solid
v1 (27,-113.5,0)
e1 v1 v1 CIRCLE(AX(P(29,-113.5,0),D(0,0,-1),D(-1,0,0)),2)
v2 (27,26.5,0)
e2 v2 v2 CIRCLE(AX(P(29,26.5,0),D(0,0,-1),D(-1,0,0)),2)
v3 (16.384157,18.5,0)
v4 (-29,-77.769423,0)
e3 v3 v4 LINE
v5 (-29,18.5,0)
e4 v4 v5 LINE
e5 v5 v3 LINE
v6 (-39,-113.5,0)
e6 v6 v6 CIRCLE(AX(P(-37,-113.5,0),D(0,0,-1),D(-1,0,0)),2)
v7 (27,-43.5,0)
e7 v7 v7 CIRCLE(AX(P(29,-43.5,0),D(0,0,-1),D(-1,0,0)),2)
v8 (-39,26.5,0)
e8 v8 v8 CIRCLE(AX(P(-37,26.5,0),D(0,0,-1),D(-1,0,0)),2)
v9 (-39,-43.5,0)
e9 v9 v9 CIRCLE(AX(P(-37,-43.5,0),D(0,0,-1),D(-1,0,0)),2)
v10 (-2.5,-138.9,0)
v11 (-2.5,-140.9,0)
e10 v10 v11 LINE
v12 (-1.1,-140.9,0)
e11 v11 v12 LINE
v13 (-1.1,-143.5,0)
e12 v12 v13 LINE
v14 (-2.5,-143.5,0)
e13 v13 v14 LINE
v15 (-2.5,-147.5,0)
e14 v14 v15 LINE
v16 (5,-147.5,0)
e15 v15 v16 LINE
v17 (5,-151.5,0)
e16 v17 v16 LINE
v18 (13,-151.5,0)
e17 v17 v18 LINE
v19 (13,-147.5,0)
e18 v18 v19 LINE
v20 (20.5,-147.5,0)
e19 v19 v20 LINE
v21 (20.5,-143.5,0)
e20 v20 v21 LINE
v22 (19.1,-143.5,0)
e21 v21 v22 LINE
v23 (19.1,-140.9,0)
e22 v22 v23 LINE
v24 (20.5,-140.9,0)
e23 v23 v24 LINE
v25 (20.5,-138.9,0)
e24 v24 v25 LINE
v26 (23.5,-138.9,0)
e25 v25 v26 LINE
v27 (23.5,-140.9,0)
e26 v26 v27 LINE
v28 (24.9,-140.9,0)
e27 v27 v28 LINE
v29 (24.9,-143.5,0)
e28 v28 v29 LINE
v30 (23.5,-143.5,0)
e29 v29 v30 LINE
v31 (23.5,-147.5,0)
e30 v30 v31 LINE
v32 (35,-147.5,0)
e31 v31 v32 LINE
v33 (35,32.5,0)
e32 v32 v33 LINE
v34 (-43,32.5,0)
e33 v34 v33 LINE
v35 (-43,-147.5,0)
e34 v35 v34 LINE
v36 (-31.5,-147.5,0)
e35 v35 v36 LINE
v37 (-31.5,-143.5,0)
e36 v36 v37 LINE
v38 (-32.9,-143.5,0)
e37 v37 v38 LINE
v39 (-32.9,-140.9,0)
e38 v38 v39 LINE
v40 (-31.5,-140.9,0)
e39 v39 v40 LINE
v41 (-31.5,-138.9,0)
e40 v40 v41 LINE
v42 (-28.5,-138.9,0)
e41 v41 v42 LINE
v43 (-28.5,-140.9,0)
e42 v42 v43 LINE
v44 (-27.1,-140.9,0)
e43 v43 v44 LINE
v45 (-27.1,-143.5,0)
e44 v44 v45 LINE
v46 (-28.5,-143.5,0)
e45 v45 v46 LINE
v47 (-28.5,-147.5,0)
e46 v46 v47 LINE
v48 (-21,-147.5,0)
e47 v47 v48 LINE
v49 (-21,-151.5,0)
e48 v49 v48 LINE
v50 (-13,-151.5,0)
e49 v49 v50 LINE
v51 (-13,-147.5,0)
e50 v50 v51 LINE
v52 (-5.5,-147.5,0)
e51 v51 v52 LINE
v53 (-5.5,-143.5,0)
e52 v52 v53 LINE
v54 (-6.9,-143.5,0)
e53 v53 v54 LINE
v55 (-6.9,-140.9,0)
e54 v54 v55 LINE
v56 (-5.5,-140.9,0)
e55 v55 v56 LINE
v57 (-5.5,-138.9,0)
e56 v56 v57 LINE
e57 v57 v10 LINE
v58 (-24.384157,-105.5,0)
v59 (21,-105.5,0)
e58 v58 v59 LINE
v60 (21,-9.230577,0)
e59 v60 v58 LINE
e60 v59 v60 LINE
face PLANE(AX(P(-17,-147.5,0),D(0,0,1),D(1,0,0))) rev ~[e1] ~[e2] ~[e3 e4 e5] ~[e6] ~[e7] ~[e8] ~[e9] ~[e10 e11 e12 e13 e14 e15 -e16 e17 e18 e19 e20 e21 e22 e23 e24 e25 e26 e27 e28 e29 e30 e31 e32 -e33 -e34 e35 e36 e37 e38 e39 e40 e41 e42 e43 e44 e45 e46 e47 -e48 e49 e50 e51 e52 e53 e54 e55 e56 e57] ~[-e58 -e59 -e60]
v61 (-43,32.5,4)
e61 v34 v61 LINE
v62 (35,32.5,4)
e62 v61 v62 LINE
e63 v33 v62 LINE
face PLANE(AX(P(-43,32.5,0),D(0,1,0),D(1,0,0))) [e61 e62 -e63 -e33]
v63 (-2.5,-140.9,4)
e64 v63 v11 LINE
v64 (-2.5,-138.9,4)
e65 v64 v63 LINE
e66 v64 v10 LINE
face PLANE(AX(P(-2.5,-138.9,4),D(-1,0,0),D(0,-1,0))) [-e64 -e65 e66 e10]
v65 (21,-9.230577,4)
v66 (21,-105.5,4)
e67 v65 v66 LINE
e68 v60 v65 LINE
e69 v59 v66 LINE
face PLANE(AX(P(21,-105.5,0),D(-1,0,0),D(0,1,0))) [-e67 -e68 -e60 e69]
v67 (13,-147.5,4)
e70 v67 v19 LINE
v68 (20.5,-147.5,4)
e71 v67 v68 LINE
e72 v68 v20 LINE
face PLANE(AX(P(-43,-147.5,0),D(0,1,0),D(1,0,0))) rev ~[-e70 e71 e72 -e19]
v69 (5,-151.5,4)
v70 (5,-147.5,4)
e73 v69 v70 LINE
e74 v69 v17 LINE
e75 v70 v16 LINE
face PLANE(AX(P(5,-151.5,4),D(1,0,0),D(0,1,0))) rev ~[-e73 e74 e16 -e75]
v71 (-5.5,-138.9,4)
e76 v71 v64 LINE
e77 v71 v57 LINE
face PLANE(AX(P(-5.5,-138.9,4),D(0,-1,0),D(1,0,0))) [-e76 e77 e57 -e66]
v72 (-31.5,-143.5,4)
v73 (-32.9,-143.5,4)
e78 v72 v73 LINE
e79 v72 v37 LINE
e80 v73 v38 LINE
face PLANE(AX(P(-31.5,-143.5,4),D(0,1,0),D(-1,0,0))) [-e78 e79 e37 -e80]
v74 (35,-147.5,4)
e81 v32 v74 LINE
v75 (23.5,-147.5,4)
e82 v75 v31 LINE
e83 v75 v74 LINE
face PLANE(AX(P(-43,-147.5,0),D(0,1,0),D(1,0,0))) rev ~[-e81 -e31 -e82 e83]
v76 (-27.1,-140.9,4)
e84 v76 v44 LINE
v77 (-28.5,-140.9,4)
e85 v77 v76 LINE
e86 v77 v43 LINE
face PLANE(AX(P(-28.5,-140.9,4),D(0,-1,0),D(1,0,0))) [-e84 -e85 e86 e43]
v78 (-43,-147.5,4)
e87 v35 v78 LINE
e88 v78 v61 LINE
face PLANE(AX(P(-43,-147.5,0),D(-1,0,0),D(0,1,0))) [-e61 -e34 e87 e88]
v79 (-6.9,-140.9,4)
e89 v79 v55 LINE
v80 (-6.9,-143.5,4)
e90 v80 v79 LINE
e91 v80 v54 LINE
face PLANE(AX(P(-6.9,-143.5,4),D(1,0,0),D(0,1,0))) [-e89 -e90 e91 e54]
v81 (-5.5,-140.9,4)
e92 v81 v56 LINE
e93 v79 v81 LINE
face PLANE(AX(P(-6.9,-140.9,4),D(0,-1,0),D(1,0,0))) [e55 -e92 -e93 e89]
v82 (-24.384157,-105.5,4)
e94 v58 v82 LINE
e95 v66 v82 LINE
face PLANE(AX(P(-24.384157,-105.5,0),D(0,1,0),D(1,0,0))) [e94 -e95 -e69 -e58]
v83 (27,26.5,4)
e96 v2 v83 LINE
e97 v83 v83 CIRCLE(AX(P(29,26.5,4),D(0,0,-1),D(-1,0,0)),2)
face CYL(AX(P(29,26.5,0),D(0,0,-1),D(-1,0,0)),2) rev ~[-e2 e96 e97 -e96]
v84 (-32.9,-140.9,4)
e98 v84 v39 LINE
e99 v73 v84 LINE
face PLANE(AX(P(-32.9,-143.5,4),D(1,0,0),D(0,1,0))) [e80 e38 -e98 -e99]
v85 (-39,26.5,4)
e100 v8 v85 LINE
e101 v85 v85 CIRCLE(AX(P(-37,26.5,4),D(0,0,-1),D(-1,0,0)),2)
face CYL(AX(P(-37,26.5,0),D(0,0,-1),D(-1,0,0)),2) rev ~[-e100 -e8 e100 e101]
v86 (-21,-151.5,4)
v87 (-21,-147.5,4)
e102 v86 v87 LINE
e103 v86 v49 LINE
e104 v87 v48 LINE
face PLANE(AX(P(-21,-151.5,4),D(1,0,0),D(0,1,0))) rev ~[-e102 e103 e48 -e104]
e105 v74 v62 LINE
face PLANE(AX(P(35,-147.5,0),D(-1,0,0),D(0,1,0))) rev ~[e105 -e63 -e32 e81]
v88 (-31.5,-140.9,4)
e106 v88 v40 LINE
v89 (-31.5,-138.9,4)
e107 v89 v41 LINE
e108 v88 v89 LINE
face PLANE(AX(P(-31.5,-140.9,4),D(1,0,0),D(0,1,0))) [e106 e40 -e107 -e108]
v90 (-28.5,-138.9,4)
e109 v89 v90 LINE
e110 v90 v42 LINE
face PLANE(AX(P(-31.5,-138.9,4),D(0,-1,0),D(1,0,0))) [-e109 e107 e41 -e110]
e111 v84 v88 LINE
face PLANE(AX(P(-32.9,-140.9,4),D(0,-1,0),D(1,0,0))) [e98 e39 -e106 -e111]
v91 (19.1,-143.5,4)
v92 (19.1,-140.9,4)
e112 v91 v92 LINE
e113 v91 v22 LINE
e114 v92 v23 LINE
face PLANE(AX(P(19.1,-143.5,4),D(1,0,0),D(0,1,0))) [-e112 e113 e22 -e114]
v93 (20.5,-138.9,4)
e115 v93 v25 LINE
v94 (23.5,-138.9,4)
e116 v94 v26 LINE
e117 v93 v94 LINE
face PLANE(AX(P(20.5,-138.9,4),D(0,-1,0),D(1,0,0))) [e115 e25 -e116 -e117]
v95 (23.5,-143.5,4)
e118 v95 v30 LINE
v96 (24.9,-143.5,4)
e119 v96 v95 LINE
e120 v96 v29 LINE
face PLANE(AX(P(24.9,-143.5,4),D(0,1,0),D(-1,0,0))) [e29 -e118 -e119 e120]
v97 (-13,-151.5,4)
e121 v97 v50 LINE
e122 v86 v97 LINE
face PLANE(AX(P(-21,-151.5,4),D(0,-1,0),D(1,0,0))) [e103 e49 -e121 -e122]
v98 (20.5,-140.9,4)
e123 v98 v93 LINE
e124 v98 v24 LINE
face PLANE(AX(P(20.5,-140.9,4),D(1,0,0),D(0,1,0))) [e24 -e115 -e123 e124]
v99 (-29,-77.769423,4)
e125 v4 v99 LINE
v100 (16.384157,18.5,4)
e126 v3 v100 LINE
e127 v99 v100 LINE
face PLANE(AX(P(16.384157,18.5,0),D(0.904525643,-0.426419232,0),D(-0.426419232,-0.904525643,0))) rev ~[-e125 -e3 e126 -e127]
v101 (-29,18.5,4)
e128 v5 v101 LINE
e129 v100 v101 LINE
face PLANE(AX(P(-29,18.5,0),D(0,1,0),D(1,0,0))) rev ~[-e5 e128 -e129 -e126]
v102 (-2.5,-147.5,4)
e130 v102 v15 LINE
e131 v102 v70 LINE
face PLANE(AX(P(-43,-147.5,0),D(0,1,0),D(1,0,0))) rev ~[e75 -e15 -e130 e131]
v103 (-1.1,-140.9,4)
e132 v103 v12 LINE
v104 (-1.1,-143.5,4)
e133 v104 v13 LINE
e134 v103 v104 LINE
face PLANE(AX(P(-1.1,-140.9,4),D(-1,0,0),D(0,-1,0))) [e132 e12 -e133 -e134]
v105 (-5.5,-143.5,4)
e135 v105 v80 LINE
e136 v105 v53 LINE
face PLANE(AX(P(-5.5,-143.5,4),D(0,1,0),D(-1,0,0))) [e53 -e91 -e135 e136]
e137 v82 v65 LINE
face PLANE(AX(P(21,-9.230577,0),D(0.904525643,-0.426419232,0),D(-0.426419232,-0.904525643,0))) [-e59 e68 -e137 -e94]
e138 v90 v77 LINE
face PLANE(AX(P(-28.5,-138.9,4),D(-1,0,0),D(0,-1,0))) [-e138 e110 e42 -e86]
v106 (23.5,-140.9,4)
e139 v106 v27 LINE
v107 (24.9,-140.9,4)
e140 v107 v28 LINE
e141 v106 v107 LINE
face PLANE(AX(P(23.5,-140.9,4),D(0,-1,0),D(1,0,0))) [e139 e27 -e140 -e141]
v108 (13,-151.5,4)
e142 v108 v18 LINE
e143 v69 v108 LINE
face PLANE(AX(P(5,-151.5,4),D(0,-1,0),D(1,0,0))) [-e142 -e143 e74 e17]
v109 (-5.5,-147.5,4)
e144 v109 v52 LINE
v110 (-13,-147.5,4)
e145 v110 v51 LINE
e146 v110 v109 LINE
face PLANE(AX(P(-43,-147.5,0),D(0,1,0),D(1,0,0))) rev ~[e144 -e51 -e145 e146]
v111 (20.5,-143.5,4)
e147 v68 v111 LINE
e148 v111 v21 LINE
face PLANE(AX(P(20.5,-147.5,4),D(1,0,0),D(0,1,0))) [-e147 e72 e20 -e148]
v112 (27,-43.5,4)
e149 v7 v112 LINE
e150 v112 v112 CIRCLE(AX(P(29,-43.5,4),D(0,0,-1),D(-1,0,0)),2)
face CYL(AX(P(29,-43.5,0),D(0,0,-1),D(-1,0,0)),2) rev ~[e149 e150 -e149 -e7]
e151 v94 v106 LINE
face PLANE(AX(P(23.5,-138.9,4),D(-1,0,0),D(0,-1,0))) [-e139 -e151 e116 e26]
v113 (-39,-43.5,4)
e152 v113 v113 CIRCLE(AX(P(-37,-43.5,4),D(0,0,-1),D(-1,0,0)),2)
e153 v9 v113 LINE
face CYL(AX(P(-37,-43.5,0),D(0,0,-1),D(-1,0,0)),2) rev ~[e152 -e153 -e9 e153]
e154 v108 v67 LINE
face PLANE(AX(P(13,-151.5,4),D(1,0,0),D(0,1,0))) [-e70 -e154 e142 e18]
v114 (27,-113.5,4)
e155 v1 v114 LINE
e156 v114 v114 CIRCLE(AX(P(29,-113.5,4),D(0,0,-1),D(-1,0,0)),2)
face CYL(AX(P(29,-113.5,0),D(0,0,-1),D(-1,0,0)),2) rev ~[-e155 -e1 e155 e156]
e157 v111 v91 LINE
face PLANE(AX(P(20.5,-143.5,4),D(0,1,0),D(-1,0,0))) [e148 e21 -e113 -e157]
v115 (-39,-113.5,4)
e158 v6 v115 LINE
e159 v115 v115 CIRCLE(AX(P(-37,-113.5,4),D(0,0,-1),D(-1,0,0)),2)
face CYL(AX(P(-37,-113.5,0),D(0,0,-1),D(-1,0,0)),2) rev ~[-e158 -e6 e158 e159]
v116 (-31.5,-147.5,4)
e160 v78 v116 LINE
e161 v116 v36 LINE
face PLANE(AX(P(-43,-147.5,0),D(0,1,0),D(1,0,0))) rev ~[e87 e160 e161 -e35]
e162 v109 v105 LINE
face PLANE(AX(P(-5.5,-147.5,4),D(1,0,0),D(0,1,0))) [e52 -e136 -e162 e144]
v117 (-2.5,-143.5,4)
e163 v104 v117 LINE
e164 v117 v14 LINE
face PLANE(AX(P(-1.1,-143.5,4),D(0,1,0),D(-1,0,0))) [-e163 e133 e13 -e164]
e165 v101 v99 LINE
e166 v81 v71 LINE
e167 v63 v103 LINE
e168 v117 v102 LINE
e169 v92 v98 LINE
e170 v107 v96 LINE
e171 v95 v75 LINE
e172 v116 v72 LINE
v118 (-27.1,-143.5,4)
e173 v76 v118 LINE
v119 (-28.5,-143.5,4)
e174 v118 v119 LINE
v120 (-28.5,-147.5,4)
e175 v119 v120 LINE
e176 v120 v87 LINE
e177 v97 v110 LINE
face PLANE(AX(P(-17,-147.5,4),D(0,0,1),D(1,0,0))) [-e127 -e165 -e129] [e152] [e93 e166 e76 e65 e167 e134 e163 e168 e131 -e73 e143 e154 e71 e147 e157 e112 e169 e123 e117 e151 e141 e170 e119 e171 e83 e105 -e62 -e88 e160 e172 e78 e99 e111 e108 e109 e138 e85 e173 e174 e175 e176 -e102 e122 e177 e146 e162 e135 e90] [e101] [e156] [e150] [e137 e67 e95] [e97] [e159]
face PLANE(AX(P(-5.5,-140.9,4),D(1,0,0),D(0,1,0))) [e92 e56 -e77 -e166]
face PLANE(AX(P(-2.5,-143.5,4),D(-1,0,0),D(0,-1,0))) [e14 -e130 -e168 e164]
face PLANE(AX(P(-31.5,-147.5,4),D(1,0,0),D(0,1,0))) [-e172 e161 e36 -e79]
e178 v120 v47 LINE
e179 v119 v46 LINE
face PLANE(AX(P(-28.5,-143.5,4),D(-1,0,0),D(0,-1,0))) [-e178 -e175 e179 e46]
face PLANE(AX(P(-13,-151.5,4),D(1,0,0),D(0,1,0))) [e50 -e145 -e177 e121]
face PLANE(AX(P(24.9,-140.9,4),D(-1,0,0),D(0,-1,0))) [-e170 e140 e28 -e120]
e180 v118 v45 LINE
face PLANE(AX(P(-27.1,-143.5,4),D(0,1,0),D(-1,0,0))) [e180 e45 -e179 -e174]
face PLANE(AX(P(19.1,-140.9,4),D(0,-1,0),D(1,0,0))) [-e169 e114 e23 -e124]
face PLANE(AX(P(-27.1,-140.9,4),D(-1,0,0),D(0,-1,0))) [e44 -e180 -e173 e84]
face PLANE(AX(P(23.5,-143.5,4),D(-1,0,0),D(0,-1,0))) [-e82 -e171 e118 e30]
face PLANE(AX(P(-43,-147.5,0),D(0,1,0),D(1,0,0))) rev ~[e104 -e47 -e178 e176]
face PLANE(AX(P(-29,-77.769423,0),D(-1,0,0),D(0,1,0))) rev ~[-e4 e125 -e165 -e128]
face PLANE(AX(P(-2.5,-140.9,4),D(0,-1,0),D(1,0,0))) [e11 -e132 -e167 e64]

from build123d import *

# Parameters (mm, degrees)
SKETCH_1_W          = 78
SKETCH_1_H          = 180
EXTRUDE_1_DEPTH     = 4
CUT_EXTRUDE_1_DEPTH = 4
SKETCH_6_W          = 8
SKETCH_6_H          = 8
EXTRUDE_2_DEPTH     = 4
SKETCH_7_R          = 2
CUT_EXTRUDE_2_DEPTH = 10


with BuildPart() as part:
    # 草图1 → 凸台-拉伸1 (new body)
    with BuildSketch(Plane.XY):
        with Locations((-4, -57.5)):
            Rectangle(SKETCH_1_W, SKETCH_1_H)
    extrude(amount=EXTRUDE_1_DEPTH)

    # 草图2 → 切除-拉伸1 (cut)
    with BuildSketch(Plane.XY.offset(4)):
        Polygon((-31.5, -147.5), (-31.5, -143.5), (-32.9, -143.5), (-32.9, -140.9), (-31.5, -140.9), (-31.5, -138.9), (-28.5, -138.9), (-28.5, -140.9), (-27.1, -140.9), (-27.1, -143.5), (-28.5, -143.5), (-28.5, -147.5), align=None)
        Polygon((23.5, -147.5), (20.5, -147.5), (20.5, -143.5), (19.1, -143.5), (19.1, -140.9), (20.5, -140.9), (20.5, -138.9), (23.5, -138.9), (23.5, -140.9), (24.9, -140.9), (24.9, -143.5), (23.5, -143.5), align=None)
        Polygon((-5.5, -147.5), (-5.5, -143.5), (-6.9, -143.5), (-6.9, -140.9), (-5.5, -140.9), (-5.5, -138.9), (-2.5, -138.9), (-2.5, -140.9), (-1.1, -140.9), (-1.1, -143.5), (-2.5, -143.5), (-2.5, -147.5), align=None)
    extrude(amount=-CUT_EXTRUDE_1_DEPTH, mode=Mode.SUBTRACT)

    # 草图6 → 凸台-拉伸2 (add)
    with BuildSketch(Plane.XY.offset(4)):
        with Locations((-17, -147.5)):
            Rectangle(SKETCH_6_W, SKETCH_6_H)
        with Locations((9, -147.5)):
            Rectangle(SKETCH_6_W, SKETCH_6_H)
    extrude(amount=-EXTRUDE_2_DEPTH)

    # 草图7 → 切除-拉伸2 (cut)
    with BuildSketch(Plane(origin=(0, 0, 0), x_dir=(-1, 0, 0), z_dir=(0, 0, -1))):
        with Locations((-29, 26.5)):
            Circle(SKETCH_7_R)
        with Locations((-29, -43.5)):
            Circle(SKETCH_7_R)
        with Locations((-29, -113.5)):
            Circle(SKETCH_7_R)
        with Locations((37, -43.5)):
            Circle(SKETCH_7_R)
        with Locations((37, -113.5)):
            Circle(SKETCH_7_R)
        with Locations((37, 26.5)):
            Circle(SKETCH_7_R)
        Polygon((29, 18.5), (-16.384156611, 18.5), (29, -77.769423114), align=None)
        Polygon((-21, -105.5), (-21, -9.230576886), (24.384156611, -105.5), align=None)
    extrude(amount=-CUT_EXTRUDE_2_DEPTH, mode=Mode.SUBTRACT)


solid = part.part
